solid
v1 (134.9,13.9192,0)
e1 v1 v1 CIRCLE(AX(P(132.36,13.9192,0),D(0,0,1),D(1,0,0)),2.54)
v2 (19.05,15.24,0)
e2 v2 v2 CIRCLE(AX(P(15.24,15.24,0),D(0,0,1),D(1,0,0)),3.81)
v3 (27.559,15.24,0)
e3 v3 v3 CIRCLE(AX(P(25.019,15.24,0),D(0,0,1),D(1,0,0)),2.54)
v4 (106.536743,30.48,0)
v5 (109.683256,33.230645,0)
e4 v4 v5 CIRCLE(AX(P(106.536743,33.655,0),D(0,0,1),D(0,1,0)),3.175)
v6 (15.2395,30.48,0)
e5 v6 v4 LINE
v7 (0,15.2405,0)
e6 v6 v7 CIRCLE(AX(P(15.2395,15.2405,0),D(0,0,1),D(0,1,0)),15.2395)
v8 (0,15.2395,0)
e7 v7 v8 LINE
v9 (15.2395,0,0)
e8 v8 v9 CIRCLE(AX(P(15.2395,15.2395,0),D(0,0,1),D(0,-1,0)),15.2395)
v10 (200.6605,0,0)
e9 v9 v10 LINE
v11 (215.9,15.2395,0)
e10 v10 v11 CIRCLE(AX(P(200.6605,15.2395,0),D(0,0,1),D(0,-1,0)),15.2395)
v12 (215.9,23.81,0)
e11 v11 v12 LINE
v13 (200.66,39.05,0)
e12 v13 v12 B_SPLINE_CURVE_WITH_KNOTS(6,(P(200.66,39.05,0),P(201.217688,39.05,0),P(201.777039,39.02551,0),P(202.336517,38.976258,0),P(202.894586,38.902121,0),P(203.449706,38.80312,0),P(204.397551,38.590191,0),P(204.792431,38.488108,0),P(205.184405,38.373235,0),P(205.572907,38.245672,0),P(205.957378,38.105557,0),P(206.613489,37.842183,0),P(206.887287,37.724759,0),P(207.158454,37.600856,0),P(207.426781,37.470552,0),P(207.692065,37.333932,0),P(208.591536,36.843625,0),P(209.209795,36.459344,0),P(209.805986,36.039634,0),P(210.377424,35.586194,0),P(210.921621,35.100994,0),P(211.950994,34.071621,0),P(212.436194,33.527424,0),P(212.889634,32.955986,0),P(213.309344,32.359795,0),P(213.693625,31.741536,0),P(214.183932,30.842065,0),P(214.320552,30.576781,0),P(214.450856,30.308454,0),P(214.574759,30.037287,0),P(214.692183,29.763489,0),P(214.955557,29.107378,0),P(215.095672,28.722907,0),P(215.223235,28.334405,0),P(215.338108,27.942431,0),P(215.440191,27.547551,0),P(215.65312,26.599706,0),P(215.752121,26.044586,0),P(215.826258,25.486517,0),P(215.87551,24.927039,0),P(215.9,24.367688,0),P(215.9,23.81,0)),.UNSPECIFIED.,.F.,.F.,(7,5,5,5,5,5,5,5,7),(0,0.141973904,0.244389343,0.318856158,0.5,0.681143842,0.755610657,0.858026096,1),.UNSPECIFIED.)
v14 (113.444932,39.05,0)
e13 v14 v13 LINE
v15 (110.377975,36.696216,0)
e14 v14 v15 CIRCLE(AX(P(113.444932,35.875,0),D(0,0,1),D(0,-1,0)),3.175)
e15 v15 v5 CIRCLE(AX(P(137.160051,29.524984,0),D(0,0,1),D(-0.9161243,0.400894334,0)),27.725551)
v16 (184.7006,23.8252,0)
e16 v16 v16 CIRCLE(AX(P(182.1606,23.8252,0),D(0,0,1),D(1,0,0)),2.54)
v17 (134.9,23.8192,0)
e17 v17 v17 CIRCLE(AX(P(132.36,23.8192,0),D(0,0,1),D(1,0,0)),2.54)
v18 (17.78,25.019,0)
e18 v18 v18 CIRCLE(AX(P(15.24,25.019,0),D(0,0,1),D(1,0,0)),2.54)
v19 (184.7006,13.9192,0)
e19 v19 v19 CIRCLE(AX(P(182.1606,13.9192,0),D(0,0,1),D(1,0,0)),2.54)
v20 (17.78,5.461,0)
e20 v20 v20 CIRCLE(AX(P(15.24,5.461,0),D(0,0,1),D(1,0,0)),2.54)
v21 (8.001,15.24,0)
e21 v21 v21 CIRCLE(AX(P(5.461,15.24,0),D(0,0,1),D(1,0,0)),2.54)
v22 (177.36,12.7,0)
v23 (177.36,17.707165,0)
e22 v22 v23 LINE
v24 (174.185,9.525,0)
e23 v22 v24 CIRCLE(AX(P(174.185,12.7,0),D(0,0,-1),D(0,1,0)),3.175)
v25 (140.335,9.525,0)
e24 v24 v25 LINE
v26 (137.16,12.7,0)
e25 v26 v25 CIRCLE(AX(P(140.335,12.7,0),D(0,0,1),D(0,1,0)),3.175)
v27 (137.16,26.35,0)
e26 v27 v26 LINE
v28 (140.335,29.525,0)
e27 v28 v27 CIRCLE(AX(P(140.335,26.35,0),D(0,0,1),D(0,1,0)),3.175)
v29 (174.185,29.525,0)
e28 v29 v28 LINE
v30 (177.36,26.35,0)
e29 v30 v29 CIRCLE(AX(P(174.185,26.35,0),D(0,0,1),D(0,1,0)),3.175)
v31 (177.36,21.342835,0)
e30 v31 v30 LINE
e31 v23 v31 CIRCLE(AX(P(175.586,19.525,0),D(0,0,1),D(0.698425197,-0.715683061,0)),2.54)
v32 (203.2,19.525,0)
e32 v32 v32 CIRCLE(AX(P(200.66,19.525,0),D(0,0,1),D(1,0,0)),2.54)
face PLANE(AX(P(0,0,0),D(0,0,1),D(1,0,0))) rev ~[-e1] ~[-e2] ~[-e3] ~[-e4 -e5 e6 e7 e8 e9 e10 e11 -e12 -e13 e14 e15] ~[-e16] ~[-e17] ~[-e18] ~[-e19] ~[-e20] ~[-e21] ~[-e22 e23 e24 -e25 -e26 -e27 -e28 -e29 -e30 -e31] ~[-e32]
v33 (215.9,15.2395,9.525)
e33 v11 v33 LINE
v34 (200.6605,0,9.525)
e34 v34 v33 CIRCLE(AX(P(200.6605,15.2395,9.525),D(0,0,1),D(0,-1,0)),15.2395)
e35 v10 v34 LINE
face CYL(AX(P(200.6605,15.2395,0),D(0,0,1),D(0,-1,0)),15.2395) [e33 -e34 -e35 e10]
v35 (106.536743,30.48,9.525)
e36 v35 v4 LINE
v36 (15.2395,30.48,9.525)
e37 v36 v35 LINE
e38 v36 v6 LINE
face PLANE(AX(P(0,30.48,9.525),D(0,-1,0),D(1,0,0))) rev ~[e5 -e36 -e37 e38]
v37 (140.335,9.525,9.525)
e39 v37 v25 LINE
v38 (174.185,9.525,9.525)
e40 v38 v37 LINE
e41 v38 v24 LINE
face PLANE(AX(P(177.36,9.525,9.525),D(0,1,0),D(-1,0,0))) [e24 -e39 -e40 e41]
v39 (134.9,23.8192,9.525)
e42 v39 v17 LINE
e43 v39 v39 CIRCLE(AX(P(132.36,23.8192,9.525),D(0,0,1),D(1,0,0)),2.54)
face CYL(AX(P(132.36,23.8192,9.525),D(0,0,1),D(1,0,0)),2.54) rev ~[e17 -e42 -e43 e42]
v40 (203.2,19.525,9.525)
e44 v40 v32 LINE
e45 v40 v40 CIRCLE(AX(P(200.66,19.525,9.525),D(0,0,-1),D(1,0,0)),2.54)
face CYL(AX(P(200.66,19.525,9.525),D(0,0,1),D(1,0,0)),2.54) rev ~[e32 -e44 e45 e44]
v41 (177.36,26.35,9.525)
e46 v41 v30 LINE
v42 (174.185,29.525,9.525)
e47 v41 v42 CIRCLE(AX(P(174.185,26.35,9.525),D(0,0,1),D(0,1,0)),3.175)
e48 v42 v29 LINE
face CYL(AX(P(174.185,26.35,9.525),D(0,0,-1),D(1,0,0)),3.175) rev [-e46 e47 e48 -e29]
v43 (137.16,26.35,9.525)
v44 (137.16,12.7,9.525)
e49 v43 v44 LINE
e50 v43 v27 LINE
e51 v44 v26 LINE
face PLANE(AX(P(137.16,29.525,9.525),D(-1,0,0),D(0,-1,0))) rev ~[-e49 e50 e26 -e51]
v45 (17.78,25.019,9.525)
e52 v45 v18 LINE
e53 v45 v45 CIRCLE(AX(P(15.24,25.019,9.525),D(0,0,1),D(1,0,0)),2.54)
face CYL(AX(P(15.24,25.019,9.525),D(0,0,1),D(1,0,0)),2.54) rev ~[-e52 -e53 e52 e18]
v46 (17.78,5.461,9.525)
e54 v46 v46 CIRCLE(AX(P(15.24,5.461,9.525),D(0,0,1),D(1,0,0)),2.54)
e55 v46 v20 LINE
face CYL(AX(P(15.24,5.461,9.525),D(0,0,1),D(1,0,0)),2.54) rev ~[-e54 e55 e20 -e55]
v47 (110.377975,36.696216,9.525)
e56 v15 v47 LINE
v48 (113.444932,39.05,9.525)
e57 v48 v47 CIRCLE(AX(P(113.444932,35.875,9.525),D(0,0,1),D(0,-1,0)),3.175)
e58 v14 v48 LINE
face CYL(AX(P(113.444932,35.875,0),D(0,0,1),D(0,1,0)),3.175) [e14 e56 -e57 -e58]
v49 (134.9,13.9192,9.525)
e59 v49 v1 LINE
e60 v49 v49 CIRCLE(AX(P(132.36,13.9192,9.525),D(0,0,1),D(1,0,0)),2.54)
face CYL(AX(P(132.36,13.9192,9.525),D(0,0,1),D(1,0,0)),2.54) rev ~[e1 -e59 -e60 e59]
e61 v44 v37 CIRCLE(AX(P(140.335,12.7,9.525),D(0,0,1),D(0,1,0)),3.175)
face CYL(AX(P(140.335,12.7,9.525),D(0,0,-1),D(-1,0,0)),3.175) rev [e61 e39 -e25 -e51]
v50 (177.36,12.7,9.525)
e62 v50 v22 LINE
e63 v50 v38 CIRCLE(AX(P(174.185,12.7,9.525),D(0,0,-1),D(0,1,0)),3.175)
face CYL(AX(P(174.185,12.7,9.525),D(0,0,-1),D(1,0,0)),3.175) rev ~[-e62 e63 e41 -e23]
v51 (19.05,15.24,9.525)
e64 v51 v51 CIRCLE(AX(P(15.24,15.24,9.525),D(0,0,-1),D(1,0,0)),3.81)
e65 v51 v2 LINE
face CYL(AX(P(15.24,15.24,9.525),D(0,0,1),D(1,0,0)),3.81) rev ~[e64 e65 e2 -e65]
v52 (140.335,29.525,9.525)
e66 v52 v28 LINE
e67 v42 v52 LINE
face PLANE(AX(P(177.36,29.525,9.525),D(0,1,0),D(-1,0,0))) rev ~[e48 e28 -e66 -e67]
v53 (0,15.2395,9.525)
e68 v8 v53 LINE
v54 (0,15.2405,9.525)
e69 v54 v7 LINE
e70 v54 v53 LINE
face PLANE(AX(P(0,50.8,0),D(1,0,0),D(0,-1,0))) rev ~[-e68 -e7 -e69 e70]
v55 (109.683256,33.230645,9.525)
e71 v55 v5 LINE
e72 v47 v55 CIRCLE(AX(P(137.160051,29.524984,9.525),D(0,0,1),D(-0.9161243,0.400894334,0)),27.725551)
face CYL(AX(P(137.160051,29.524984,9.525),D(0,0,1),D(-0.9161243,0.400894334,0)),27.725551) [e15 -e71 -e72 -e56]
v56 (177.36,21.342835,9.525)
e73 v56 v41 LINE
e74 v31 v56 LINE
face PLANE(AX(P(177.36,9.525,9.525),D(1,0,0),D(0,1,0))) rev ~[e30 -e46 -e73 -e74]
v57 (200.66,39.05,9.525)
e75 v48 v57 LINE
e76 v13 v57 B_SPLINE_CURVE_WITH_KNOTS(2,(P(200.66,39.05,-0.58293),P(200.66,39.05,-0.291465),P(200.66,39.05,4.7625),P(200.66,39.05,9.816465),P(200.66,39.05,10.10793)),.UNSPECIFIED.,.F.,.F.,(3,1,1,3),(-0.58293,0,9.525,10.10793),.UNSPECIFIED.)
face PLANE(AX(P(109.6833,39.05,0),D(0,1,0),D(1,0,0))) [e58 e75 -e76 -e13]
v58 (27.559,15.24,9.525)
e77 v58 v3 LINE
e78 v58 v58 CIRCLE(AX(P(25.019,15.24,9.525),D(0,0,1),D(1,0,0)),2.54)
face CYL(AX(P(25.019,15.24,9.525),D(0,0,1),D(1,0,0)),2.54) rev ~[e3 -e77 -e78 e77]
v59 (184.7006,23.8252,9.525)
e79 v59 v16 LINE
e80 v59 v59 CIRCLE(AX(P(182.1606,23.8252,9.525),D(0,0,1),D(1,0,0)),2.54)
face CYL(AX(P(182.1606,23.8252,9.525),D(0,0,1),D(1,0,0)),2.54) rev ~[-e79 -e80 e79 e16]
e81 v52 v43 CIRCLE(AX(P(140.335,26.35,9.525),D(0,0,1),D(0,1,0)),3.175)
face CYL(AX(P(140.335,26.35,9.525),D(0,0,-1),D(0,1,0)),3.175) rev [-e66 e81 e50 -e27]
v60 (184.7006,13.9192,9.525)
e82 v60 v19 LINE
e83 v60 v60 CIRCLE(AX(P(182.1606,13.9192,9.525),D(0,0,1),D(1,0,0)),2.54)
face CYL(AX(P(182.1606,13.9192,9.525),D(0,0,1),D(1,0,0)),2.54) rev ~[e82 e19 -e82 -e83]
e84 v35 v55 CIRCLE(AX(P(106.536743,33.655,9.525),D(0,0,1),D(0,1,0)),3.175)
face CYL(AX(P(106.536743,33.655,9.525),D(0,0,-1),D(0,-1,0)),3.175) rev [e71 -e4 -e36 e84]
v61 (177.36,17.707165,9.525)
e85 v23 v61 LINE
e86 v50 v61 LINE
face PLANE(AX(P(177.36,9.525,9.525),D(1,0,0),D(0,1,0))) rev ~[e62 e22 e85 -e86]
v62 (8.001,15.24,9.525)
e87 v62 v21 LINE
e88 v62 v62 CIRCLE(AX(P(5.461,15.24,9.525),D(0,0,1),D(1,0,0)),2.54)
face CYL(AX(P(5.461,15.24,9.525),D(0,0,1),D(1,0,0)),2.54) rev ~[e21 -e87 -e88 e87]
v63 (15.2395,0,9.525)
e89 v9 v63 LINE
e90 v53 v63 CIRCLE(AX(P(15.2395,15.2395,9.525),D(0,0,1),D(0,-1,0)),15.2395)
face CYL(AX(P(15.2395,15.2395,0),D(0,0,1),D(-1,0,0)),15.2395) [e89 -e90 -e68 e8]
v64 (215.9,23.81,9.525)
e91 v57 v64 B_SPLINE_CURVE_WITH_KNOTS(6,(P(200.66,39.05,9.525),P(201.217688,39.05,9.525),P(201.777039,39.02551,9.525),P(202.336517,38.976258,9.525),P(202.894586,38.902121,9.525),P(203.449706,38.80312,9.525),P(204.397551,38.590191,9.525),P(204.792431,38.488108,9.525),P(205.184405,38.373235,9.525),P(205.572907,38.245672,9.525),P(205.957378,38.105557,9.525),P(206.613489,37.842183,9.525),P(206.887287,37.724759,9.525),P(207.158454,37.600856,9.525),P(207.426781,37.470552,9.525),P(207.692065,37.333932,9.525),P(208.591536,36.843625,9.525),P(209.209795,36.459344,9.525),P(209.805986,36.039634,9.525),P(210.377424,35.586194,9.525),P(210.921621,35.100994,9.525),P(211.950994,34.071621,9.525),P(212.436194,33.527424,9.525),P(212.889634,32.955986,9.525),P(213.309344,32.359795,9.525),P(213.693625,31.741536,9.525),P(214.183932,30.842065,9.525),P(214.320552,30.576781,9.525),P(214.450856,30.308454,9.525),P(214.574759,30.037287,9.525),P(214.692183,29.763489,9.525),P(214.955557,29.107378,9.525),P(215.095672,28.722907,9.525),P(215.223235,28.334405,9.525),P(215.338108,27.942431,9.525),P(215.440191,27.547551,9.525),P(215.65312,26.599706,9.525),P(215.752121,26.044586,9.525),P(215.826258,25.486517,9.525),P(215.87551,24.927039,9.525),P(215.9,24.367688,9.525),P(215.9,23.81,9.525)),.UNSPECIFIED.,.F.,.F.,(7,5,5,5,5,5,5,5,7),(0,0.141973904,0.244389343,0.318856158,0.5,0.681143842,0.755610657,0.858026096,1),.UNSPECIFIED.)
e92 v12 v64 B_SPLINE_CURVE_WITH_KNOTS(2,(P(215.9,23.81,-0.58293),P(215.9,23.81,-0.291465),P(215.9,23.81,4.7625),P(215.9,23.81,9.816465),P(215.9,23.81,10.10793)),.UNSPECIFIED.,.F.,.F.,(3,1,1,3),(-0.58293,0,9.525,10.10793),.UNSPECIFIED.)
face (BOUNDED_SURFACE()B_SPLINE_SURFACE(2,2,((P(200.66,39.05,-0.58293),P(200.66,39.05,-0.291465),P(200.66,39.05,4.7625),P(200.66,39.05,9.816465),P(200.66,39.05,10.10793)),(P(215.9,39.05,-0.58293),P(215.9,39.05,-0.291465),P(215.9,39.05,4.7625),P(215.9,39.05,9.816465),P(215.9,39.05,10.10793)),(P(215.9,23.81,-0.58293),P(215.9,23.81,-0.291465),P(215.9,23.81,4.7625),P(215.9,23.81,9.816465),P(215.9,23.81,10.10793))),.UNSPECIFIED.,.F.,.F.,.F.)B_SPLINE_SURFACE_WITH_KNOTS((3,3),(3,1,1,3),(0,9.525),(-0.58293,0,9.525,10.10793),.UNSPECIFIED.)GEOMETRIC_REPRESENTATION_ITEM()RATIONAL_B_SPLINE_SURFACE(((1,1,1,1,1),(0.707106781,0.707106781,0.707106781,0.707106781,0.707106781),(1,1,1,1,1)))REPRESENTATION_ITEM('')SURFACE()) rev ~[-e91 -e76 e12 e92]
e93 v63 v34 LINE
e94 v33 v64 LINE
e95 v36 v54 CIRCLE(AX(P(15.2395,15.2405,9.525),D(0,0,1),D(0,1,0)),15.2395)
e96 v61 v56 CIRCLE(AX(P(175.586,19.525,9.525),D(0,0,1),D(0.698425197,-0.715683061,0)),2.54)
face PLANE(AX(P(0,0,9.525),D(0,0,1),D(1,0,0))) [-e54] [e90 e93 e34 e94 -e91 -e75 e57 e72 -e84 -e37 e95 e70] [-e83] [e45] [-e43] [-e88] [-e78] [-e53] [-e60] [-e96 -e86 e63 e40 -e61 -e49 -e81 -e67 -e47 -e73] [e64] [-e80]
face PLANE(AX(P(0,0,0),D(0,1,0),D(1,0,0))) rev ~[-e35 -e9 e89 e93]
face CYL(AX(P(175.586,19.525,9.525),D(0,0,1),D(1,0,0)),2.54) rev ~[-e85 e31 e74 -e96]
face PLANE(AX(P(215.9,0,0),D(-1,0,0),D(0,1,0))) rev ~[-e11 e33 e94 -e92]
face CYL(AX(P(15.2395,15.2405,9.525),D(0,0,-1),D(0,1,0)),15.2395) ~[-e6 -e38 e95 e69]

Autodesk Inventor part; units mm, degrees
ref_plane "YZ Plane" through (0, 0, 0) normal (1, 0, 0) x (0, 1, 0)
ref_plane "XZ Plane" through (0, 0, 0) normal (0, 1, 0) x (-1, 0, 0)
ref_plane "XY Plane" through (0, 0, 0) normal (0, 0, 1) x (1, 0, 0)
sketch "Sketch1" plane through (0, 0, 0) normal (0, 0, 1) x (1, 0, 0)
  point P0 (0, 0)
sketch "Sketch2" plane through (0, 0, 0) normal (0, 0, 1) x (1, 0, 0)
  line L0 (0, 0) -> (215.9, 0)
  line L1 (215.9, 0) -> (215.9, 50.8)
  line L2 (215.9, 50.8) -> (0, 50.8)
  line L3 (0, 50.8) -> (0, 0)
  dimension "d0" = 215.9
  dimension "d1" = 50.8
extrude "Extrusion1" add sketch "Sketch2" along normal blind 9.525
sketch "Sketch3" plane through (0, 0, 9.525) normal (0, 0, 1) x (1, 0, 0)
  line L0 (215.9, 0) -> (215.9, 50.8) projected
  line L1 (215.9, 0) -> (215.9, 30.48)
  line L2 (0, 0) -> (0, 30.48)
  line L3 (0, 50.8) -> (0, 0) projected
  line L4 (0, 30.48) -> (215.9, 30.48)
  line L5 (215.9, 0) -> (203.2, 0)
  line L6 (0, 0) -> (215.9, 0) projected
  line L7 (203.2, 0) -> (203.2, 50.8)
  line L8 (215.9, 50.8) -> (0, 50.8) projected
  line L9 (203.2, 0) -> (177.8, 0)
  line L10 (177.8, 0) -> (152.4, 0)
  line L11 (177.8, 0) -> (137.16, 0)
  line L12 (177.8, 0) -> (177.8, 9.525)
  line L13 (177.8, 9.525) -> (137.16, 9.525)
  line L14 (137.16, 9.525) -> (177.8, 9.525)
  line L15 (177.8, 9.525) -> (177.8, 30.48)
  line L16 (177.8, 30.48) -> (137.16, 30.48)
  line L17 (137.16, 30.48) -> (137.16, 9.525)
  line L18 (137.16, 9.525) -> (177.36, 9.525)
  line L19 (177.36, 9.525) -> (177.36, 29.525)
  line L20 (177.36, 29.525) -> (137.16, 29.525)
  line L21 (137.16, 29.525) -> (137.16, 9.525)
  point P0 (177.36, 9.525)
  dimension "d4" = 30.48
  dimension "d5" = 30.48
  dimension "d6" = 12.7
  dimension "d7" = 25.4
  dimension "d8" = 25.4
  dimension "d9" = 40.64
  dimension "d10" = 9.525
  dimension "d11" = 40.64
  dimension "d12" = 40.2
  dimension "d13" = 20
extrude "Extrusion2" cut sketch "Sketch3" against normal blind 25.4 contours L13 L17 L20 L19
sketch "Sketch4" plane through (0, 0, 9.525) normal (0, 0, 1) x (1, 0, 0)
  line L0 (0, 0) -> (0, 30.48)
  line L1 (0, 50.8) -> (0, 0) projected
  line L2 (137.16, 29.525) -> (177.36, 29.525) projected
  line L3 (0, 30.48) -> (137.16, 29.525)
  line L4 (215.9, 50.8) -> (0, 50.8) projected
  line L5 (0, 30.48) -> (111.76, 30.48)
  line L6 (111.76, 30.48) -> (111.76, 50.8)
  line L7 (111.76, 50.8) -> (0, 50.8)
  line L8 (0, 50.8) -> (0, 30.48)
  arc A0 (111.76, 40.64) -> (109.4345, 29.525) centre (137.16, 29.525) ccw
  point P0 (109.451, 30.48)
  dimension "d16" = 30.48
extrude "Extrusion3" cut sketch "Sketch4" against normal blind 25.4 contours L4 L6 A0 L5 L1
sketch "Sketch5" plane through (0, 0, 9.525) normal (0, 0, 1) x (1, 0, 0)
  line L0 (137.16, 9.525) -> (177.36, 9.525) projected
  line L1 (137.16, 9.525) -> (132.36, 9.525)
  line L2 (132.36, 9.525) -> (132.36, 13.9192)
  circle A0 centre (132.36, 13.9192) radius 2.25
  line L3 (132.36, 13.9192) -> (132.36, 23.8192)
  circle A1 centre (132.36, 23.8192) radius 2.2479
  line L4 (177.36, 9.525) -> (182.1606, 9.525)
  line L5 (182.1606, 9.525) -> (182.1606, 13.9192)
  circle A2 centre (182.1606, 13.9192) radius 2.2479
  line L6 (182.1606, 13.9192) -> (182.1606, 23.8252)
  circle A3 centre (182.1606, 23.8252) radius 2.2479
  point P0 (0, 0)
  dimension "d19" = 4.8
  dimension "d20" = 4.3942
  dimension "d21" = 4.5
  dimension "d22" = 9.9
  dimension "d23" = 4.4958
  dimension "d24" = 4.8006
  dimension "d25" = 4.3942
  dimension "d26" = 4.4958
  dimension "d27" = 9.906
  dimension "d28" = 4.4958
extrude "Extrusion4" cut sketch "Sketch5" against normal blind 25.4
sketch "Sketch7" plane through (0, 0, 9.525) normal (0, 0, 1) x (1, 0, 0)
  line L0 (177.36, 29.525) -> (177.36, 9.525) projected
  line L1 (177.36, 9.525) -> (215.9, 9.525)
  line L2 (215.9, 0) -> (215.9, 50.8) projected
  circle A0 centre (182.1606, 13.9192) radius 2.2479 projected
  line L3 (184.4085, 13.9192) -> (215.9, 13.9192)
  line L4 (175.586, 50.8) -> (175.586, 0)
  line L5 (0, 0) -> (215.9, 0) projected
  line L6 (141.0803, 19.525) -> (205.5055, 19.525)
  circle A1 centre (175.586, 19.525) radius 2.2479
  dimension "d33" = 4.4958
extrude "Extrusion6" cut sketch "Sketch7" against normal blind 25.4 contours A1 L6 L0 | L0 L6 L4 A1 | L6 A1 L0 | L0 A1 L4 L6 | L4 L6 A1 | L4 A1 L6
sketch "Sketch8" plane through (0, 0, 9.525) normal (0, 0, 1) x (1, 0, 0)
  point P0 (0, 0)
sketch "Sketch9" plane through (0, 0, 9.525) normal (0, 0, 1) x (1, 0, 0)
  point P0 (0, 0)
sketch "Sketch10" plane through (0, 0, 9.525) normal (0, 0, 1) x (1, 0, 0)
  point P0 (0, 0)
fillet "Fillet1" radius 3.175 4 edges at (137.16, 9.525, 4.7625) (137.16, 29.525, 4.7625) (177.36, 29.525, 4.7625) (177.36, 9.525, 4.7625)
fillet "Fillet2" radius 3.175 3 edges at (111.76, 50.8, 4.7625) (111.76, 40.64, 4.7625) (109.451, 30.48, 4.7625)
fillet "Fillet3" radius 15.24 4 edges at (0, 30.48, 4.7625) (0, 0, 4.7625) (215.9, 50.8, 4.7625) (215.9, 0, 4.7625)
sketch "Sketch11" plane through (0, 0, 9.525) normal (0, 0, 1) x (1, 0, 0)
  line L0 (106.5367, 30.48) -> (15.24, 30.48) projected
  line L1 (15.24, 0) -> (200.66, 0) projected
  line L2 (15.24, 30.48) -> (15.24, 0)
  line L3 (15.24, 0) -> (15.24, 15.24)
  line L4 (15.24, 15.24) -> (30.48, 15.24)
  line L5 (30.48, 15.24) -> (0, 15.24)
  arc A0 (15.24, 30.48) -> (15.24, 0) centre (15.24, 15.24) ccw projected
  circle A1 centre (15.24, 15.24) radius 3.81
  circle A2 centre (25.019, 15.24) radius 1.3589
  circle A3 centre (15.24, 25.019) radius 1.3589
  circle A4 centre (5.461, 15.24) radius 1.3589
  circle A5 centre (15.24, 5.461) radius 1.3589
  point P0 (0, 0)
  dimension "d39" = 15.24
  dimension "d40" = 7.62
  dimension "d41" = 2.7178
  dimension "d42" = 2.7178
  dimension "d43" = 2.7178
  dimension "d44" = 2.7178
extrude "Extrusion7" cut sketch "Sketch11" against normal blind 25.4 contours A2 L4 | L4 A2 | A3 L2 | L2 A3 | A4 L5 | L5 A4 | A1 L4 L2 | L2 L5 A1 | A5 L2 | L2 A5 | L4 A1 L2 | L2 A1 L5
sketch "Sketch12" plane through (0, 0, 9.525) normal (0, 0, 1) x (1, 0, 0)
  circle A0 centre (5.461, 15.24) radius 1.3589 projected
  circle A1 centre (5.461, 15.24) radius 2.2479
  circle A2 centre (15.24, 5.461) radius 1.3589 projected
  circle A3 centre (15.24, 5.461) radius 2.2479
  circle A4 centre (25.019, 15.24) radius 1.3589 projected
  circle A5 centre (25.019, 15.24) radius 2.2479
  circle A6 centre (15.24, 25.019) radius 1.3589 projected
  circle A7 centre (15.24, 25.019) radius 2.2479
  circle A8 centre (15.24, 25.019) radius 2.54
  circle A9 centre (25.019, 15.24) radius 2.54
  circle A10 centre (5.461, 15.24) radius 2.54
  circle A11 centre (15.24, 5.461) radius 2.54
  circle A12 centre (132.36, 13.9192) radius 2.25 projected
  circle A13 centre (132.36, 13.9192) radius 2.54
  circle A14 centre (132.36, 23.8192) radius 2.2479 projected
  circle A15 centre (132.36, 23.8192) radius 2.54
  circle A16 centre (182.1606, 23.8252) radius 2.2479 projected
  circle A17 centre (182.1606, 23.8252) radius 2.54
  circle A18 centre (182.1606, 13.9192) radius 2.2479 projected
  circle A19 centre (182.1606, 13.9192) radius 2.54
  arc A20 (177.36, 18.1445) -> (177.36, 20.9055) centre (175.586, 19.525) ccw projected
  circle A21 centre (175.586, 19.525) radius 2.54
  point P0 (0, 0)
  dimension "d47" = 4.4958
  dimension "d48" = 4.4958
  dimension "d49" = 4.4958
  dimension "d50" = 4.4958
  dimension "d51" = 5.08
  dimension "d52" = 5.08
  dimension "d53" = 5.08
  dimension "d54" = 5.08
  dimension "d55" = 5.08
  dimension "d56" = 5.08
  dimension "d57" = 5.08
  dimension "d58" = 5.08
  dimension "d59" = 5.08
extrude "Extrusion8" cut sketch "Sketch12" against normal blind 25.4 contours A0 | A1 | A2 | A3 | A4 | A5 | A6 | A7 | A8 | A9 | A10 | A11 | A12 | A13 | A14 | A15 | A16 | A17 | A18 | A19 | A21
sketch "Sketch13" plane through (0, 0, 9.525) normal (0, 0, 1) x (1, 0, 0)
  point P0 (0, 0)
ref_plane "Work Plane1" through (129.9559, 14.7389, 0) normal (1, 0, 0) x (0, 0, -1)
sketch "Sketch14" plane through (129.9559, 14.7389, 0) normal (1, 0, 0) x (0, 0, -1)
  point P0 (0, -14.7389)
sketch "Sketch15" plane through (0, 0, 0) normal (0, 0, -1) x (-1, 0, 0)
  line L0 (-160.2621, 50.5435) -> (-160.2621, 29.525)
  line L1 (-174.185, 29.525) -> (-140.335, 29.525) projected
  line L2 (-156.9844, 29.525) -> (-156.9844, 39.05)
  line L3 (-109.6833, 39.05) -> (-217.5289, 39.05)
  line L4 (-217.5289, 39.05) -> (-217.5289, 53.1054)
  line L5 (-217.5289, 53.1054) -> (-109.6833, 53.1054)
  line L6 (-109.6833, 53.1054) -> (-109.6833, 39.05)
  point P0 (0, 0)
  point P1 (-184.6931, 29.525)
  point P2 (-129.9559, 29.525)
  dimension "d62" = 9.525
extrude "Extrusion9" cut sketch "Sketch15" against normal blind 25.4 contours L3 L4 L5 L6
fillet "Fillet4" radius 15.24 1 edges at (215.4951, 39.05, 4.7625)
fillet "Fillet5" radius 3.175 1 edges at (111.122, 39.05, 4.7625)
sketch "Sketch16" plane through (0, 0, 9.525) normal (0, 0, 1) x (1, 0, 0)
  line L0 (215.9, 15.24) -> (215.9, 23.81) projected
  line L1 (215.9, 19.525) -> (178.126, 19.525)
  arc A0 (177.36, 17.7072) -> (177.36, 21.3428) centre (175.586, 19.525) ccw projected
  arc A1 (200.66, 0) -> (215.9, 15.24) centre (200.66, 15.24) ccw projected
  line L2 (113.4449, 39.05) -> (200.66, 39.05) projected
  line L3 (200.66, 0) -> (200.66, 39.05)
  circle A2 centre (200.66, 19.525) radius 2.54
  point P0 (0, 0)
  dimension "d68" = 5.08
extrude "Extrusion10" cut sketch "Sketch16" against normal blind 25.4 contours A2 L3 L1 | L1 L3 A2 | A2 L1 L3 | L1 A2 L3
properties part number "Claw arm"
